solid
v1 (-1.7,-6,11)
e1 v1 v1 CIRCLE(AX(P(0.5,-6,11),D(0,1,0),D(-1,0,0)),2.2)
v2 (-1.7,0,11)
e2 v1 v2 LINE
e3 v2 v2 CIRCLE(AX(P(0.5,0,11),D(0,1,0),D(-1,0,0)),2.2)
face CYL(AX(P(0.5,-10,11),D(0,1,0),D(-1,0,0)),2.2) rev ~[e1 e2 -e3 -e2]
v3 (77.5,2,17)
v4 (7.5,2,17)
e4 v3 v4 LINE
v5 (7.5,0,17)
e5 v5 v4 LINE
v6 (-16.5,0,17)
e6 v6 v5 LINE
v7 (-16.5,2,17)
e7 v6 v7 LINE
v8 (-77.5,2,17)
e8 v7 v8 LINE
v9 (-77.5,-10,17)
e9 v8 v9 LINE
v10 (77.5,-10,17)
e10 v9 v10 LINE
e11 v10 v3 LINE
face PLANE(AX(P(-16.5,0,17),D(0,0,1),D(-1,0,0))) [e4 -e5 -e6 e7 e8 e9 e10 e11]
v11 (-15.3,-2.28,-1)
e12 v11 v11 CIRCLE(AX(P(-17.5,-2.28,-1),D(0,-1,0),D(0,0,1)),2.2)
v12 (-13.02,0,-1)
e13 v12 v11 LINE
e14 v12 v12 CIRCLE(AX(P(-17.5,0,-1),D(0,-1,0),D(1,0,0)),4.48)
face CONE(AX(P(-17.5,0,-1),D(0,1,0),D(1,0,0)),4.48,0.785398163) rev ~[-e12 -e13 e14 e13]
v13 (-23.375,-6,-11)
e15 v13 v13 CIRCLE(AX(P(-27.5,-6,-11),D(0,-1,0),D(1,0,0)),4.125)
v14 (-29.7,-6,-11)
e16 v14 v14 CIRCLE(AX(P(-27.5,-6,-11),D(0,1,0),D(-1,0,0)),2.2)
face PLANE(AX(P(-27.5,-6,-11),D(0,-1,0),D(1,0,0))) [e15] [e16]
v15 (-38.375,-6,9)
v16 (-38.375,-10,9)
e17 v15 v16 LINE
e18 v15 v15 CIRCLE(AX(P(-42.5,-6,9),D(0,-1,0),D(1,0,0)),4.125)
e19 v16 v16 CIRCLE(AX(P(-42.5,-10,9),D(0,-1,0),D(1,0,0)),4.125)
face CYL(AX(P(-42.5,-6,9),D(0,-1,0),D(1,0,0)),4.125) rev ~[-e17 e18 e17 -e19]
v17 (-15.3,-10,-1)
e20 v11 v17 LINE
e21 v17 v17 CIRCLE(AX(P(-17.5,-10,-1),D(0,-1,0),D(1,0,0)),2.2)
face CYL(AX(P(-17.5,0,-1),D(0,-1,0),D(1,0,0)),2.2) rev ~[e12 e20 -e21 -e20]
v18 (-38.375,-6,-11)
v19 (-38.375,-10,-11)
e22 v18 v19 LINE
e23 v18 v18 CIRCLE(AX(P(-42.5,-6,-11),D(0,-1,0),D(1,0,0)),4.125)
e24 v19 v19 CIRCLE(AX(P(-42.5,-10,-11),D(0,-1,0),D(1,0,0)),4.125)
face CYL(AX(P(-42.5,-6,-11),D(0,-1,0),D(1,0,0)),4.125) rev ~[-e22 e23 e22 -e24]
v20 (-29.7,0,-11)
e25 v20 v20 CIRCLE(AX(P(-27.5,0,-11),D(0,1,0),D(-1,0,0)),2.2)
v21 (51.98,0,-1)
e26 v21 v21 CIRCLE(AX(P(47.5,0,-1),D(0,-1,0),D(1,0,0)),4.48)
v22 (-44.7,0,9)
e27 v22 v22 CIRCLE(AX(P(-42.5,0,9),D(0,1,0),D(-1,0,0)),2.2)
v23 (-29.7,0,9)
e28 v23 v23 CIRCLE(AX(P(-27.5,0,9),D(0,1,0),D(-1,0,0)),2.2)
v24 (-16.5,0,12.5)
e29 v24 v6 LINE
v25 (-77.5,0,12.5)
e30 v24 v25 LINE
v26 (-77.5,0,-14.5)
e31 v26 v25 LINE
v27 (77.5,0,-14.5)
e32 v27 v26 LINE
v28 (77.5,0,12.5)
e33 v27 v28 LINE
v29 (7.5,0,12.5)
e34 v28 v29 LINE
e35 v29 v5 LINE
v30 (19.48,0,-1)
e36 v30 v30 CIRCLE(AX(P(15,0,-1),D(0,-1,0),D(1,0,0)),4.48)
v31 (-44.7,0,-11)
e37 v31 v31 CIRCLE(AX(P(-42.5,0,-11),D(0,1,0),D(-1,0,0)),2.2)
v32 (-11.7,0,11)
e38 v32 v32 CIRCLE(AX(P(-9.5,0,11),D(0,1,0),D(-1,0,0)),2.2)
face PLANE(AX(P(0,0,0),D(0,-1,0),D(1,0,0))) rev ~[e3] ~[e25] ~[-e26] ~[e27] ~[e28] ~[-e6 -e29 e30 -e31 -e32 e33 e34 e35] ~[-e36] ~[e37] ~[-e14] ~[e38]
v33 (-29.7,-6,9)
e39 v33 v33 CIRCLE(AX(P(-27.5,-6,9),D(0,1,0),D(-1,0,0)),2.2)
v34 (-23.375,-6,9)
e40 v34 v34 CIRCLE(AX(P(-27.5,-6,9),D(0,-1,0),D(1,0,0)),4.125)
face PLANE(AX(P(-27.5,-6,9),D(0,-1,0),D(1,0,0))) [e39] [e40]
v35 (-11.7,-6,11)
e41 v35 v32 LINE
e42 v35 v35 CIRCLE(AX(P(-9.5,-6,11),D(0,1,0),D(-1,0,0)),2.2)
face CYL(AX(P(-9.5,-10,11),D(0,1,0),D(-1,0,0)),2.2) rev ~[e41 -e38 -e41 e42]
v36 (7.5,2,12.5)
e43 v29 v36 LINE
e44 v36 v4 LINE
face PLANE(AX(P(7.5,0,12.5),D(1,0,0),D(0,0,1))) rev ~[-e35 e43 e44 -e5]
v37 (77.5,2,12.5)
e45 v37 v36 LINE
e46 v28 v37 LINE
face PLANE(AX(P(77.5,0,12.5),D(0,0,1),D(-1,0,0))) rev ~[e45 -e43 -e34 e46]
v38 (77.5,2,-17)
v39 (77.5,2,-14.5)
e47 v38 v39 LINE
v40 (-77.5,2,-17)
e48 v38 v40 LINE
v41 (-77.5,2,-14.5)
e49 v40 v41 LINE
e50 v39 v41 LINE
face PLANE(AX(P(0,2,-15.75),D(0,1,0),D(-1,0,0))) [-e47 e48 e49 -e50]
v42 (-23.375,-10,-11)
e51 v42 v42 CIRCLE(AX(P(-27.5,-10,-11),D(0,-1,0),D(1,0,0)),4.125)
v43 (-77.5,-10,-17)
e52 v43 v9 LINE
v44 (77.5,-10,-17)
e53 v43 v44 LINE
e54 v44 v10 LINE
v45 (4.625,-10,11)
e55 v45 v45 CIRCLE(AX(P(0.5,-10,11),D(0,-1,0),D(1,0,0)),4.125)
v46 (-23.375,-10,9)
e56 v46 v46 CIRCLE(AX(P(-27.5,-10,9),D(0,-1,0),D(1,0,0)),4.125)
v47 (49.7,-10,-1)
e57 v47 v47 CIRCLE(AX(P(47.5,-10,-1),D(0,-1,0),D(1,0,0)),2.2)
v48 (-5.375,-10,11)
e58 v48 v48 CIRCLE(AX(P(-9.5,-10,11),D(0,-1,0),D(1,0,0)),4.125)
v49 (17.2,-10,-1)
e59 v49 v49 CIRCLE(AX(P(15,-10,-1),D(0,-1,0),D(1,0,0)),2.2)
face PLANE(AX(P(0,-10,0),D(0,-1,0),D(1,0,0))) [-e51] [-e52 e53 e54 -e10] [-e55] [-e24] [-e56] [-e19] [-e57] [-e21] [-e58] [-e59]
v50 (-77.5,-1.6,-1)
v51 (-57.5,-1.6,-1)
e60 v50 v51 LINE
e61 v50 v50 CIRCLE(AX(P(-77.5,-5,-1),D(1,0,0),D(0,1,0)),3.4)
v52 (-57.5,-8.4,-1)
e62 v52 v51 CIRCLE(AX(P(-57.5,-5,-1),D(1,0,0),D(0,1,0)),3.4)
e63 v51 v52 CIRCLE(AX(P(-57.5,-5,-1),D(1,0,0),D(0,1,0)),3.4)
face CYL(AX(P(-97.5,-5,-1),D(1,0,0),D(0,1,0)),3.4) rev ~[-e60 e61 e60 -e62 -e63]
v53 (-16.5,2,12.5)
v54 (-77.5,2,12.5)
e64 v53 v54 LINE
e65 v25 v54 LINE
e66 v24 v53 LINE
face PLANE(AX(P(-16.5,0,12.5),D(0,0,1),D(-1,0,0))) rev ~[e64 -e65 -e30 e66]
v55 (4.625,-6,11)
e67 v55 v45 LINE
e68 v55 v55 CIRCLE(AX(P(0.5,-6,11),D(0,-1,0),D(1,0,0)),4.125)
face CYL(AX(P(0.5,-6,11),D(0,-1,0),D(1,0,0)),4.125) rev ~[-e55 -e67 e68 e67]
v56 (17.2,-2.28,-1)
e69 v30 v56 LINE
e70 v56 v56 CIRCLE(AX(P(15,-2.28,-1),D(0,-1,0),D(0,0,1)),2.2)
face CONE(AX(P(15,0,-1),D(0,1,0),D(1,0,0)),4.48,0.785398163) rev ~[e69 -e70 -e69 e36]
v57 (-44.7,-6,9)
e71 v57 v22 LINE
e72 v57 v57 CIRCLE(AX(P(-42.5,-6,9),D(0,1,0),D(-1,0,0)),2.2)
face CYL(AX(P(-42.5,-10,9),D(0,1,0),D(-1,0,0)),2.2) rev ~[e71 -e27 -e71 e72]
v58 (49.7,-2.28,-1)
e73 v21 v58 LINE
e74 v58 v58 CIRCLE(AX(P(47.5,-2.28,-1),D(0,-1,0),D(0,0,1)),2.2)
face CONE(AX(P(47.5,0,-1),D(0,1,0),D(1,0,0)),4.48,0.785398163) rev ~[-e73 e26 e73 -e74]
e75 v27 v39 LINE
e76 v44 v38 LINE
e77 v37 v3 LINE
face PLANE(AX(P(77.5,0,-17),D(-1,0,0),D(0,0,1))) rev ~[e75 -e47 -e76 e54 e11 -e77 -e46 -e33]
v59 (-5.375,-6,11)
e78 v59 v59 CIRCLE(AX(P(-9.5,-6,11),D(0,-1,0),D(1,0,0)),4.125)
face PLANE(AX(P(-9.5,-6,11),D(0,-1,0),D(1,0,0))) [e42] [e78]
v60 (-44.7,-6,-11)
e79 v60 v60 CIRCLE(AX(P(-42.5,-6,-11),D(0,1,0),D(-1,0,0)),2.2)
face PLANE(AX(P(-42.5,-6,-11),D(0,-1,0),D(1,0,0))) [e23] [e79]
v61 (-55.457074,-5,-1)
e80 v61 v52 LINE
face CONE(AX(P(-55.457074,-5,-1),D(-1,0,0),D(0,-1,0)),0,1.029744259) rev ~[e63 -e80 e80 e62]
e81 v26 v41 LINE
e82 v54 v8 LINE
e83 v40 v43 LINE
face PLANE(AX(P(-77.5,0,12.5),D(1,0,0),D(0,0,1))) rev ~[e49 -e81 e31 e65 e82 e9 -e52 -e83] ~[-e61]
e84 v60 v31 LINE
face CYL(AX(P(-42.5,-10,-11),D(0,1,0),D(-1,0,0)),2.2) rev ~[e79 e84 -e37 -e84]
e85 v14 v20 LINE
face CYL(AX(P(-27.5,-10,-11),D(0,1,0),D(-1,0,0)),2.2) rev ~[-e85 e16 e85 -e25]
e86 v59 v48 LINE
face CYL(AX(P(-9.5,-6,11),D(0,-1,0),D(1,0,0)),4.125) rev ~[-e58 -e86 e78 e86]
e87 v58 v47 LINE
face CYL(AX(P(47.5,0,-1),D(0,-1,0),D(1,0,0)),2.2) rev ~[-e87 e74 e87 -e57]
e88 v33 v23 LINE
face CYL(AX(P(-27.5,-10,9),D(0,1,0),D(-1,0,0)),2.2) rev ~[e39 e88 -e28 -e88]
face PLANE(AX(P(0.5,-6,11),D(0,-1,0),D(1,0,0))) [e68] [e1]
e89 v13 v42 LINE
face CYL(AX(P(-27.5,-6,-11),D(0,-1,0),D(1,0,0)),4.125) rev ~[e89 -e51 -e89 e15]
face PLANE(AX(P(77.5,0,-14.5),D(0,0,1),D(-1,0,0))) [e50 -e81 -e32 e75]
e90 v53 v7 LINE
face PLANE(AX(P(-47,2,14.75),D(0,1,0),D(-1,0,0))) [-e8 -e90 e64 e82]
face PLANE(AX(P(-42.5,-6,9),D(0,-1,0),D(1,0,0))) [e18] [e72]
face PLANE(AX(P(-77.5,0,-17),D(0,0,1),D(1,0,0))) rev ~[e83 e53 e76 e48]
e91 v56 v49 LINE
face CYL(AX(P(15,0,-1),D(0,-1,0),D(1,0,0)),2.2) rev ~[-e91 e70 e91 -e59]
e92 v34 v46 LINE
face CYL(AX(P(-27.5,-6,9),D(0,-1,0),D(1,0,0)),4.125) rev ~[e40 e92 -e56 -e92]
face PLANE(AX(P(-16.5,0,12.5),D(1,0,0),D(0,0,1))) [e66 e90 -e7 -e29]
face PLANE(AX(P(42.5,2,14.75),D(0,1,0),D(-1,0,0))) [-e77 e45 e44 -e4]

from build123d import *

# Parameters (mm, degrees)
F0_W           = 155
F0_H           = 34
F1_DEPTH       = 10
F2_W           = 61
F2_H           = 4.5
F2_W_2         = 70
F2_W_3         = 155
F2_H_2         = 2.5
F3_DEPTH       = 2
F5_D           = 4.4
F5_CBORE_D     = 8.25
F5_CBORE_DEPTH = 4
F7_D           = 4.4
F7_CSINK_D     = 8.96
F7_CSINK_ANGLE = 90
F9_D           = 6.8
F9_DEPTH       = 20
F9_TIP         = 2.0429261047


with BuildPart() as f1:
    # F0 (on Front) → F1 (new body)
    with BuildSketch(Plane.XZ):
        Rectangle(F0_W, F0_H)
    extrude(amount=F1_DEPTH)

    # F2 (on face) → F3 (join)
    with BuildSketch(Plane(origin=(0, 0, 0), x_dir=(-1, 0, 0), z_dir=(0, 1, 0))):
        with Locations((47, 14.75)):
            Rectangle(F2_W, F2_H)
        with Locations((-42.5, 14.75)):
            Rectangle(F2_W_2, F2_H)
        with Locations((0, -15.75)):
            Rectangle(F2_W_3, F2_H_2)
    extrude(amount=F3_DEPTH)

    # F5 (through all)
    with Locations(Plane.XZ.offset(10)):
        with Locations((-42.5, 9), (-27.5, 9), (-9.5, 11), (0.5, 11), (-27.5, -11), (-42.5, -11)):
            CounterBoreHole(F5_D / 2, F5_CBORE_D / 2, F5_CBORE_DEPTH)

    # F7 (through all)
    with Locations(Plane(origin=(0, 0, 0), x_dir=(-1, 0, 0), z_dir=(0, 1, 0))):
        with Locations((-47.5, -1), (-15, -1), (17.5, -1)):
            CounterSinkHole(F7_D / 2, F7_CSINK_D / 2, counter_sink_angle=F7_CSINK_ANGLE)

    # F9
    with Locations(Plane(origin=(-77.5, 0, 0), x_dir=(0, -1, 0), z_dir=(-1, 0, 0))):
        with Locations((5, -1)):
            Hole(F9_D / 2, depth=F9_DEPTH)
            with Locations((0, 0, -(F9_DEPTH + F9_TIP / 2))):  # 118° drill point
                Cone(0, F9_D / 2, F9_TIP, mode=Mode.SUBTRACT)


solid = f1.part
